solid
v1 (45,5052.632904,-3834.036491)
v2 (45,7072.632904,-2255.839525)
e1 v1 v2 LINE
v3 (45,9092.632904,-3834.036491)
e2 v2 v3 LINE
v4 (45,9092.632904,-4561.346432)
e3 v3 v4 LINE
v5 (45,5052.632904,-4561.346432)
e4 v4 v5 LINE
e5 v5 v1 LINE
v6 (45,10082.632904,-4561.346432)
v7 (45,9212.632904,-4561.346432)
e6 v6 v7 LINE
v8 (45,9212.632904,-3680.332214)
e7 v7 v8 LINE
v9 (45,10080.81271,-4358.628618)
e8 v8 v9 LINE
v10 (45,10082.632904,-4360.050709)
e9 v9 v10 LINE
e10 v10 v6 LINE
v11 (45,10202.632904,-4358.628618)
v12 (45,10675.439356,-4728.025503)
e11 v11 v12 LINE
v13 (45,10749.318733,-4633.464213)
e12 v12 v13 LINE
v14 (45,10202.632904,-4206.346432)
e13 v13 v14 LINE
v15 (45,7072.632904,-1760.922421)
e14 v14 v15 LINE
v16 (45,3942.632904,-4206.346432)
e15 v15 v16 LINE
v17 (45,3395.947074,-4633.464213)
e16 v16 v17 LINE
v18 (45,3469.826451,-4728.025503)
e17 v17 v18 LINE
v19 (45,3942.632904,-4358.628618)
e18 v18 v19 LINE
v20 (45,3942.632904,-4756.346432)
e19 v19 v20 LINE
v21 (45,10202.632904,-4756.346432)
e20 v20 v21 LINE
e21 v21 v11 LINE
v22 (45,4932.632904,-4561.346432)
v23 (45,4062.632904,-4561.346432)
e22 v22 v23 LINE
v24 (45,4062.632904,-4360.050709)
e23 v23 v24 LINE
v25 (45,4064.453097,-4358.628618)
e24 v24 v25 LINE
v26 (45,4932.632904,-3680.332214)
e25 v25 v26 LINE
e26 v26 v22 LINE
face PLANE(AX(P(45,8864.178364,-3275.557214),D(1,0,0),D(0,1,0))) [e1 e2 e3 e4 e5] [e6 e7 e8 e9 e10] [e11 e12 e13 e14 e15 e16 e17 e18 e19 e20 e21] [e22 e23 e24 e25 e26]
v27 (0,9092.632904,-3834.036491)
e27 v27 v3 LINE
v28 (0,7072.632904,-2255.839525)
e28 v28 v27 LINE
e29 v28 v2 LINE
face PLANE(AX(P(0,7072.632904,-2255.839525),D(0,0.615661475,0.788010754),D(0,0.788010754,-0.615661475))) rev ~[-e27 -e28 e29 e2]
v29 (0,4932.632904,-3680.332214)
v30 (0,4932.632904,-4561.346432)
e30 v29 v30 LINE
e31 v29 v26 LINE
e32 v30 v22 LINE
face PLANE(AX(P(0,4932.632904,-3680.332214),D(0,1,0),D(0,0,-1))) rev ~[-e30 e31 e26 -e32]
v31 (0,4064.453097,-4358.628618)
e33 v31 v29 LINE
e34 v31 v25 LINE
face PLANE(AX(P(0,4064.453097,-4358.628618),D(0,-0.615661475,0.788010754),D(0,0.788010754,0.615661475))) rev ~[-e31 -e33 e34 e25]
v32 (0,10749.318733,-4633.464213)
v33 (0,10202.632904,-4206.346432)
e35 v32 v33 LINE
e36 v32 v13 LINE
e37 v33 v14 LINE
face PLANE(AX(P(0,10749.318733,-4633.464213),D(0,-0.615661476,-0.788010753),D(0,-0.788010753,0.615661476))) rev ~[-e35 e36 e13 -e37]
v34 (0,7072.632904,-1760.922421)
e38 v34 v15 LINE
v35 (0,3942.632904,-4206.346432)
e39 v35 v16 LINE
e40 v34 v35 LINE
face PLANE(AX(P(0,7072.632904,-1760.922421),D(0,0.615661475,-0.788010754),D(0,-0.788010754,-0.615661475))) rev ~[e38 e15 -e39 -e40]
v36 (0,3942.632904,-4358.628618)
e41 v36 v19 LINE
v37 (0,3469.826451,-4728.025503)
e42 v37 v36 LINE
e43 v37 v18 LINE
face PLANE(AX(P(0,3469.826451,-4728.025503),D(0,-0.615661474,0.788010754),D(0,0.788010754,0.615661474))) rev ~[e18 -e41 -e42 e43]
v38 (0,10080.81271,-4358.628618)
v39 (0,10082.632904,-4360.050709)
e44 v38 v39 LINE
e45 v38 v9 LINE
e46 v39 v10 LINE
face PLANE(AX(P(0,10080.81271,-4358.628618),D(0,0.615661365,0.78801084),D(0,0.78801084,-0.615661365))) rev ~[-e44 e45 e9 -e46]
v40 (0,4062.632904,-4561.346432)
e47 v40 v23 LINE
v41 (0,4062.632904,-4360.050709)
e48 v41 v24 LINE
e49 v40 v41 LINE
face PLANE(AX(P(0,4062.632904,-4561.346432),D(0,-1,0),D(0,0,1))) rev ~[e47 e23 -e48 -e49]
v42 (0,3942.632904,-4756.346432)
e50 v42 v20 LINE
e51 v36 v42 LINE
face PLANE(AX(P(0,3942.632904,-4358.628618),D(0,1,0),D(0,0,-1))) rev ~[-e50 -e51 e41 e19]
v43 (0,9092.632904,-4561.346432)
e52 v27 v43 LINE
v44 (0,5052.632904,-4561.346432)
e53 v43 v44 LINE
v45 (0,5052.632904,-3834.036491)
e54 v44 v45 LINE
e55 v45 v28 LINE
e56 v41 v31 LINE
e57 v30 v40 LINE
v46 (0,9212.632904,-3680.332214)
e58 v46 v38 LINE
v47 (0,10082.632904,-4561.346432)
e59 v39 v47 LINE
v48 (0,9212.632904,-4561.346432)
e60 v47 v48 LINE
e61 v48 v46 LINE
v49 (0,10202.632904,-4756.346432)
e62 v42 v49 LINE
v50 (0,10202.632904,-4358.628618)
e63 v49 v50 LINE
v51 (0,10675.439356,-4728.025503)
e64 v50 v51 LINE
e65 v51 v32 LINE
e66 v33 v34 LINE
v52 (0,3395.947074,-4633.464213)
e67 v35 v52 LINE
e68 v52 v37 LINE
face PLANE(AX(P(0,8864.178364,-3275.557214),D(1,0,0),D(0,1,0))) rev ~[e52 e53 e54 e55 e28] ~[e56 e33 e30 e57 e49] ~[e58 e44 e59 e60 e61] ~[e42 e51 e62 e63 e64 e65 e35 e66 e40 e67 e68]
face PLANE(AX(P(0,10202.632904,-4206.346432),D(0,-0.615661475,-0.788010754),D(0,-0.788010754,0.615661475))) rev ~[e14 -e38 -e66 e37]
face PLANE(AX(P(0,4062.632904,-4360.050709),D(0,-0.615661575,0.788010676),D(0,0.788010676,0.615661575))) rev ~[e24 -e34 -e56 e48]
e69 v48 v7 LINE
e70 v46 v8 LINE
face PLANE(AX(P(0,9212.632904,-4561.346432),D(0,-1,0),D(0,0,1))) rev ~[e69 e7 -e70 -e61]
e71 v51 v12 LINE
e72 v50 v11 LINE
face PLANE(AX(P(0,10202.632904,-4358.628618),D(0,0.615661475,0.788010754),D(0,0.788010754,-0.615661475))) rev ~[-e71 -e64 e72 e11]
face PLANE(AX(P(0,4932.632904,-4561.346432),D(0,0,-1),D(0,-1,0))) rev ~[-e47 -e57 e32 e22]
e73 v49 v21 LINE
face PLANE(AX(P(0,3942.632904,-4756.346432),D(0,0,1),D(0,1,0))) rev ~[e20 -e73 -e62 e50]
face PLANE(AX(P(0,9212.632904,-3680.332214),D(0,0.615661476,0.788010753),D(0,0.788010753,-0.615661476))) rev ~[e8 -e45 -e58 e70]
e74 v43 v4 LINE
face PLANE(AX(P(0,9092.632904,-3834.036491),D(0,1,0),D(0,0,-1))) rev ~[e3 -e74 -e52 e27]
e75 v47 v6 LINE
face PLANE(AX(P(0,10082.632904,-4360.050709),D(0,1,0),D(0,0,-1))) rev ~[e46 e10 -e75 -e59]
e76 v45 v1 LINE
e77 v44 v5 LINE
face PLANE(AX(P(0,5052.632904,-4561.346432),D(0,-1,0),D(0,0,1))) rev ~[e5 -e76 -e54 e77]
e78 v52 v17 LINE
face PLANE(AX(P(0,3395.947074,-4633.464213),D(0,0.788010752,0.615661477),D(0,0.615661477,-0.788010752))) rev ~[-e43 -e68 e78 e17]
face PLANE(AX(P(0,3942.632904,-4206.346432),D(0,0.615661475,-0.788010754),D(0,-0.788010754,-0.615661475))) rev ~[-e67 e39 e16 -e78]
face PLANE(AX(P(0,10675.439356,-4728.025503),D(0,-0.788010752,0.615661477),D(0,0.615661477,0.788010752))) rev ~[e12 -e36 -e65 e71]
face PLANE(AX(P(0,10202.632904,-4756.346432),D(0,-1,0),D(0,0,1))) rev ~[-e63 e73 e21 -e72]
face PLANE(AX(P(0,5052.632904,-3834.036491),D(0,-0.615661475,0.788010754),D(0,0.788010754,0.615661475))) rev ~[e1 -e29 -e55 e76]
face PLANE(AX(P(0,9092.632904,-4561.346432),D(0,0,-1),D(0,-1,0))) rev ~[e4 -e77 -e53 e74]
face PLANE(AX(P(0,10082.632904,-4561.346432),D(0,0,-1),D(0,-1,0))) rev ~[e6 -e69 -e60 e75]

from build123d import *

# Parameters (mm, degrees)
F1_DEPTH = 45


with BuildPart() as f1:
    # F0 (on Right) → F1 (new body)
    with BuildSketch(Plane.YZ):
        Polygon((10080.81271, -4358.628618), (10202.632904, -4358.628618), (10675.439356, -4728.025503), (10749.318733, -4633.464213), (10202.632904, -4206.346432), (7072.632904, -1760.922421), (7072.632904, -2008.380973), (9092.632904, -3586.577939), (9212.632904, -3680.332214), align=None)
        Polygon((7072.632904, -2008.380973), (7072.632904, -2255.839525), (9092.632904, -3834.036491), (9092.632904, -3586.577939), align=None)
        Polygon((3469.826451, -4728.025503), (3942.632904, -4358.628618), (4064.453097, -4358.628618), (4932.632904, -3680.332214), (5052.632904, -3586.577939), (7072.632904, -2008.380973), (7072.632904, -1760.922421), (3942.632904, -4206.346432), (3395.947074, -4633.464213), align=None)
        Polygon((5052.632904, -3586.577939), (5052.632904, -3834.036491), (7072.632904, -2255.839525), (7072.632904, -2008.380973), align=None)
        Polygon((4932.632904, -4561.346432), (5052.632904, -4561.346432), (5052.632904, -3834.036491), (5052.632904, -3586.577939), (4932.632904, -3680.332214), align=None)
        Polygon((3942.632904, -4358.628618), (3942.632904, -4561.346432), (4062.632904, -4561.346432), (4062.632904, -4360.050709), (4064.453097, -4358.628618), align=None)
        Polygon((3942.632904, -4561.346432), (3942.632904, -4756.346432), (7072.632904, -4756.346432), (7072.632904, -4561.346432), (5052.632904, -4561.346432), (4932.632904, -4561.346432), (4062.632904, -4561.346432), align=None)
        Polygon((7072.632904, -4561.346432), (7072.632904, -4756.346432), (10202.632904, -4756.346432), (10202.632904, -4561.346432), (10082.632904, -4561.346432), (9212.632904, -4561.346432), (9092.632904, -4561.346432), align=None)
        Polygon((9092.632904, -3834.036491), (9092.632904, -4561.346432), (9212.632904, -4561.346432), (9212.632904, -3680.332214), (9092.632904, -3586.577939), align=None)
        Polygon((10082.632904, -4561.346432), (10202.632904, -4561.346432), (10202.632904, -4358.628618), (10080.81271, -4358.628618), (10082.632904, -4360.050709), align=None)
    extrude(amount=F1_DEPTH)


solid = f1.part
